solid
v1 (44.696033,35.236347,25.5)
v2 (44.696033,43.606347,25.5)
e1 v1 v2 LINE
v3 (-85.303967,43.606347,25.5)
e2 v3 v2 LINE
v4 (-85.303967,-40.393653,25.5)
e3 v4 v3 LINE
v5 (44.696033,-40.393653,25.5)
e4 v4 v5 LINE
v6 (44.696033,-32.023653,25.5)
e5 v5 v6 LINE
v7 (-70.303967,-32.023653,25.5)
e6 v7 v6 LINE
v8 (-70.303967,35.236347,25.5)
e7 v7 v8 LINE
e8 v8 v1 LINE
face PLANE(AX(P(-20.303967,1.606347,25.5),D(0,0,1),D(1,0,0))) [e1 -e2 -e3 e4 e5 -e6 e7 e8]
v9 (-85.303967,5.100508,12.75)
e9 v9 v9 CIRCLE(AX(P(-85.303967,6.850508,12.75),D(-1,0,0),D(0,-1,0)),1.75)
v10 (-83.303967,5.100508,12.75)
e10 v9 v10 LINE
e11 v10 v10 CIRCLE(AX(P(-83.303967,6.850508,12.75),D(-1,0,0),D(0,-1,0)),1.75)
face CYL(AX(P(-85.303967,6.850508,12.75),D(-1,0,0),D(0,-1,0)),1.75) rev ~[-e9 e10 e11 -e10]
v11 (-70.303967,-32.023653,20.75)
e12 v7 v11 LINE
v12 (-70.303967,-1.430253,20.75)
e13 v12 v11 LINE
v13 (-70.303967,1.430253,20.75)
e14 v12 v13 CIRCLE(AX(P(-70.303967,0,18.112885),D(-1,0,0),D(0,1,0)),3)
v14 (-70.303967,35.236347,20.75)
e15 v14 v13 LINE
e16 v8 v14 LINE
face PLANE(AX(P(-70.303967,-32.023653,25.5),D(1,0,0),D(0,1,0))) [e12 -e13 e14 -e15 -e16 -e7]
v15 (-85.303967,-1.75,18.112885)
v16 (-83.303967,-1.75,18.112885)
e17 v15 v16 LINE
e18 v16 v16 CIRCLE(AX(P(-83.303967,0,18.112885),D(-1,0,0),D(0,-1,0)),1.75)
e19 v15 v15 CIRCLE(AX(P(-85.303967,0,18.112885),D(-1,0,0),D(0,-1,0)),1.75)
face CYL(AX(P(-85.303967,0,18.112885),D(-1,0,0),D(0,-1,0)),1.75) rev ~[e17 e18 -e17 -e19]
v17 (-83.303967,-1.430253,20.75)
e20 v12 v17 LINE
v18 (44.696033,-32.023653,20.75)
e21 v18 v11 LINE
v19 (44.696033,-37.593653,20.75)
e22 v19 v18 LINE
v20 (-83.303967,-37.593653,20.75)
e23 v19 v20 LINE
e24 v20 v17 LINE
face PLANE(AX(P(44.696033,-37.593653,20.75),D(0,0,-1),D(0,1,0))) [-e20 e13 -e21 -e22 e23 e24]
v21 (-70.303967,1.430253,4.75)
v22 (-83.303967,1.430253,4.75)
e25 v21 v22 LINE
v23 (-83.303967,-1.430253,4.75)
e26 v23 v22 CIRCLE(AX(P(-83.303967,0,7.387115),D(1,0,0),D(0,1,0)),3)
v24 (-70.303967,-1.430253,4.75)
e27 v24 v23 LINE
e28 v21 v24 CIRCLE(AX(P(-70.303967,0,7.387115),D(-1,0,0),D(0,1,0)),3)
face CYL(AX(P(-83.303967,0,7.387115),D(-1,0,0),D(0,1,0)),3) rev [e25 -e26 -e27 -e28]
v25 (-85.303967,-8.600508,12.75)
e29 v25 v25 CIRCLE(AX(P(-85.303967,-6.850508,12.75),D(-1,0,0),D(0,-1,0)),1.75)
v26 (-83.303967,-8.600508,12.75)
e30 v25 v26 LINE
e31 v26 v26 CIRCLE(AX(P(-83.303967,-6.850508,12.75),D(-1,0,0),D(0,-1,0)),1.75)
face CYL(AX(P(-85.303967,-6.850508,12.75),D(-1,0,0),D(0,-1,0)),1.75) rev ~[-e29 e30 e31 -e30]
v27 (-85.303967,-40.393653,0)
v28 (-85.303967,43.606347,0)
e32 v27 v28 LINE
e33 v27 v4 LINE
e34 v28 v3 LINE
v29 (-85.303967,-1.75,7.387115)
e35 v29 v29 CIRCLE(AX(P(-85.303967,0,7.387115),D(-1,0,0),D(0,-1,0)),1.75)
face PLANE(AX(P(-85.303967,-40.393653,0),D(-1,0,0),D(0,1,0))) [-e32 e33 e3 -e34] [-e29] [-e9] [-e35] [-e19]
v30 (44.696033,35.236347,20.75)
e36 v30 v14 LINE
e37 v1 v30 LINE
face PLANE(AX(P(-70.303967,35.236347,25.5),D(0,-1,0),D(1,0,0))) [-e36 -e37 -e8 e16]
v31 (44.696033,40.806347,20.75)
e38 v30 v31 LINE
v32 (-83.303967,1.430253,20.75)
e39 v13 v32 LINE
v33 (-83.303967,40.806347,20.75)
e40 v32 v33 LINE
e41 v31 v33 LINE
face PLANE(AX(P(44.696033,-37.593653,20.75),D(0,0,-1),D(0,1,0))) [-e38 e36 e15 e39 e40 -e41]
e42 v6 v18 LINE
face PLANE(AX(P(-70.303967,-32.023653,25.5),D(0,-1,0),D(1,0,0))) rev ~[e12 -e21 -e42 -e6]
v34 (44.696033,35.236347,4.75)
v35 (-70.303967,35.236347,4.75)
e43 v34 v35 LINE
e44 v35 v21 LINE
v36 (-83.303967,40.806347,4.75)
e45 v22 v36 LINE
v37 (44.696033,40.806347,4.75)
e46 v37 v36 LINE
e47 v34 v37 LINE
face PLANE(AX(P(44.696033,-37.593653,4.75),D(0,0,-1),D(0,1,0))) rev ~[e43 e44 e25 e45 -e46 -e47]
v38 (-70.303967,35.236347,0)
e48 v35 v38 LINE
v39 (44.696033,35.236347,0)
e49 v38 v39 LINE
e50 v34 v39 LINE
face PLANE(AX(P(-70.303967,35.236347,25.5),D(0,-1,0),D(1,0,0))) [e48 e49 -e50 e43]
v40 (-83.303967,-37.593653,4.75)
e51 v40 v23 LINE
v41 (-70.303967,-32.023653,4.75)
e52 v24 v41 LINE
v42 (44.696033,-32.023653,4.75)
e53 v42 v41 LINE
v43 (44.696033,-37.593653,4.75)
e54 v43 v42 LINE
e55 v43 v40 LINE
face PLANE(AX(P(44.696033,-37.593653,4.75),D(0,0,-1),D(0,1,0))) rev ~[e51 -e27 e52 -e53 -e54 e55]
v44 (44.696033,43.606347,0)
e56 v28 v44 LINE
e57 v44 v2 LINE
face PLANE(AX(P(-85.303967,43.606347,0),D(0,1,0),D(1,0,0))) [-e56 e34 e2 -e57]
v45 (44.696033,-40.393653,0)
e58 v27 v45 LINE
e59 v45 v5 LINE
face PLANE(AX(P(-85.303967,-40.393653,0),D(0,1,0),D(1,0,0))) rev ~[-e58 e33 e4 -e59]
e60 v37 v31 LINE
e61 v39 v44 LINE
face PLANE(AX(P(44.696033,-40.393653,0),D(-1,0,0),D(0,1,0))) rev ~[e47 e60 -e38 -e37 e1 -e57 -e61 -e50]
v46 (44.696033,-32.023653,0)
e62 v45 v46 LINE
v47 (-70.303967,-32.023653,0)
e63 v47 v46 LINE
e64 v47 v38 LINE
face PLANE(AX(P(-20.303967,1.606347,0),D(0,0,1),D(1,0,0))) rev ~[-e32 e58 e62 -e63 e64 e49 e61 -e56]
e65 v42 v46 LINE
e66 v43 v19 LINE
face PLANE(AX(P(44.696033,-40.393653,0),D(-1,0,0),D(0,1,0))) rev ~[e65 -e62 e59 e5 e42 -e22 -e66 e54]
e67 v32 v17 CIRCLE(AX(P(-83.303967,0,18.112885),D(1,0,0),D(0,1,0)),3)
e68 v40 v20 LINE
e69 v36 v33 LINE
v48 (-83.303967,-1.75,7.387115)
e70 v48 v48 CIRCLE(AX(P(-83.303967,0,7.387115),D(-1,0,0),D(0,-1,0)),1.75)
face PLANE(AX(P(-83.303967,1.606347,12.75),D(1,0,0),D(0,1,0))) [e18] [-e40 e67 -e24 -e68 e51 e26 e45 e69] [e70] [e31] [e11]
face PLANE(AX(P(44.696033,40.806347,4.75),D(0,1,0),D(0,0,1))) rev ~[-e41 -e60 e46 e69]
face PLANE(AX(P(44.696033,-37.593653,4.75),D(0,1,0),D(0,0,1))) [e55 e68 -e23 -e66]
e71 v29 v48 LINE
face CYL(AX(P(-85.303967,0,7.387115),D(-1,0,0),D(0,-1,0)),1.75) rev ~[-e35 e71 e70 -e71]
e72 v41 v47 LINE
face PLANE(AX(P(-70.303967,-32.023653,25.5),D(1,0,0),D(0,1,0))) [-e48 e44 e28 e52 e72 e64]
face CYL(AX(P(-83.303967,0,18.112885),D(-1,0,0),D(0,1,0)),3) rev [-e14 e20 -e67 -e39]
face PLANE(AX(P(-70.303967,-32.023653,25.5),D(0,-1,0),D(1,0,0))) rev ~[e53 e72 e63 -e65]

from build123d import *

# Parameters (mm, degrees)
F0_W      = 130
F0_H      = 84
F1_DEPTH  = 25.5
F2_W      = 78.4
F2_H      = 16
F3_DEPTH  = 128
F4_W      = 115
F4_H      = 67.26
F5_DEPTH  = 25.501
F6_R      = 1.75
F7_DEPTH  = 130.001
F9_R      = 3
F10_DEPTH = 25
F11_R     = 3
F12_DEPTH = 25


with BuildPart() as f1:
    # F0 (on Top) → F1 (new body)
    with BuildSketch(Plane.XY):
        with Locations((-20.303967, 1.606347)):
            Rectangle(F0_W, F0_H)
    extrude(amount=F1_DEPTH)

    # F2 (on face) → F3 (cut)
    with BuildSketch(Plane.YZ.offset(44.696033)):
        with Locations((1.606347, 12.75)):
            Rectangle(F2_W, F2_H)
    extrude(amount=-F3_DEPTH, mode=Mode.SUBTRACT)

    # F4 (on face) → F5 (cut, through all)
    with BuildSketch(Plane.XY.offset(25.5)):
        with Locations((-12.803967, 1.606347)):
            Rectangle(F4_W, F4_H)
    extrude(amount=-F5_DEPTH, mode=Mode.SUBTRACT)

    # F6 (on face) → F7 (cut, through all)
    with BuildSketch(Plane(origin=(-85.303967, 0, 0), x_dir=(0, -1, 0), z_dir=(-1, 0, 0))):
        with Locations((0, 18.112885)):
            Circle(F6_R)
        with Locations((0, 7.387115)):
            Circle(F6_R)
        with Locations((-6.850508, 12.75)):
            Circle(F6_R)
        with Locations((6.850508, 12.75)):
            Circle(F6_R)
    extrude(amount=-F7_DEPTH, mode=Mode.SUBTRACT)

    # F9 (on face) → F10 (cut)
    with BuildSketch(Plane.YZ.offset(-83.303967)):
        with Locations((0, 18.112885)):
            Circle(F9_R)
    extrude(amount=F10_DEPTH, mode=Mode.SUBTRACT)

    # F11 (on face) → F12 (cut)
    with BuildSketch(Plane.YZ.offset(-83.303967)):
        with Locations((0, 7.387115)):
            Circle(F11_R)
    extrude(amount=F12_DEPTH, mode=Mode.SUBTRACT)


solid = f1.part
